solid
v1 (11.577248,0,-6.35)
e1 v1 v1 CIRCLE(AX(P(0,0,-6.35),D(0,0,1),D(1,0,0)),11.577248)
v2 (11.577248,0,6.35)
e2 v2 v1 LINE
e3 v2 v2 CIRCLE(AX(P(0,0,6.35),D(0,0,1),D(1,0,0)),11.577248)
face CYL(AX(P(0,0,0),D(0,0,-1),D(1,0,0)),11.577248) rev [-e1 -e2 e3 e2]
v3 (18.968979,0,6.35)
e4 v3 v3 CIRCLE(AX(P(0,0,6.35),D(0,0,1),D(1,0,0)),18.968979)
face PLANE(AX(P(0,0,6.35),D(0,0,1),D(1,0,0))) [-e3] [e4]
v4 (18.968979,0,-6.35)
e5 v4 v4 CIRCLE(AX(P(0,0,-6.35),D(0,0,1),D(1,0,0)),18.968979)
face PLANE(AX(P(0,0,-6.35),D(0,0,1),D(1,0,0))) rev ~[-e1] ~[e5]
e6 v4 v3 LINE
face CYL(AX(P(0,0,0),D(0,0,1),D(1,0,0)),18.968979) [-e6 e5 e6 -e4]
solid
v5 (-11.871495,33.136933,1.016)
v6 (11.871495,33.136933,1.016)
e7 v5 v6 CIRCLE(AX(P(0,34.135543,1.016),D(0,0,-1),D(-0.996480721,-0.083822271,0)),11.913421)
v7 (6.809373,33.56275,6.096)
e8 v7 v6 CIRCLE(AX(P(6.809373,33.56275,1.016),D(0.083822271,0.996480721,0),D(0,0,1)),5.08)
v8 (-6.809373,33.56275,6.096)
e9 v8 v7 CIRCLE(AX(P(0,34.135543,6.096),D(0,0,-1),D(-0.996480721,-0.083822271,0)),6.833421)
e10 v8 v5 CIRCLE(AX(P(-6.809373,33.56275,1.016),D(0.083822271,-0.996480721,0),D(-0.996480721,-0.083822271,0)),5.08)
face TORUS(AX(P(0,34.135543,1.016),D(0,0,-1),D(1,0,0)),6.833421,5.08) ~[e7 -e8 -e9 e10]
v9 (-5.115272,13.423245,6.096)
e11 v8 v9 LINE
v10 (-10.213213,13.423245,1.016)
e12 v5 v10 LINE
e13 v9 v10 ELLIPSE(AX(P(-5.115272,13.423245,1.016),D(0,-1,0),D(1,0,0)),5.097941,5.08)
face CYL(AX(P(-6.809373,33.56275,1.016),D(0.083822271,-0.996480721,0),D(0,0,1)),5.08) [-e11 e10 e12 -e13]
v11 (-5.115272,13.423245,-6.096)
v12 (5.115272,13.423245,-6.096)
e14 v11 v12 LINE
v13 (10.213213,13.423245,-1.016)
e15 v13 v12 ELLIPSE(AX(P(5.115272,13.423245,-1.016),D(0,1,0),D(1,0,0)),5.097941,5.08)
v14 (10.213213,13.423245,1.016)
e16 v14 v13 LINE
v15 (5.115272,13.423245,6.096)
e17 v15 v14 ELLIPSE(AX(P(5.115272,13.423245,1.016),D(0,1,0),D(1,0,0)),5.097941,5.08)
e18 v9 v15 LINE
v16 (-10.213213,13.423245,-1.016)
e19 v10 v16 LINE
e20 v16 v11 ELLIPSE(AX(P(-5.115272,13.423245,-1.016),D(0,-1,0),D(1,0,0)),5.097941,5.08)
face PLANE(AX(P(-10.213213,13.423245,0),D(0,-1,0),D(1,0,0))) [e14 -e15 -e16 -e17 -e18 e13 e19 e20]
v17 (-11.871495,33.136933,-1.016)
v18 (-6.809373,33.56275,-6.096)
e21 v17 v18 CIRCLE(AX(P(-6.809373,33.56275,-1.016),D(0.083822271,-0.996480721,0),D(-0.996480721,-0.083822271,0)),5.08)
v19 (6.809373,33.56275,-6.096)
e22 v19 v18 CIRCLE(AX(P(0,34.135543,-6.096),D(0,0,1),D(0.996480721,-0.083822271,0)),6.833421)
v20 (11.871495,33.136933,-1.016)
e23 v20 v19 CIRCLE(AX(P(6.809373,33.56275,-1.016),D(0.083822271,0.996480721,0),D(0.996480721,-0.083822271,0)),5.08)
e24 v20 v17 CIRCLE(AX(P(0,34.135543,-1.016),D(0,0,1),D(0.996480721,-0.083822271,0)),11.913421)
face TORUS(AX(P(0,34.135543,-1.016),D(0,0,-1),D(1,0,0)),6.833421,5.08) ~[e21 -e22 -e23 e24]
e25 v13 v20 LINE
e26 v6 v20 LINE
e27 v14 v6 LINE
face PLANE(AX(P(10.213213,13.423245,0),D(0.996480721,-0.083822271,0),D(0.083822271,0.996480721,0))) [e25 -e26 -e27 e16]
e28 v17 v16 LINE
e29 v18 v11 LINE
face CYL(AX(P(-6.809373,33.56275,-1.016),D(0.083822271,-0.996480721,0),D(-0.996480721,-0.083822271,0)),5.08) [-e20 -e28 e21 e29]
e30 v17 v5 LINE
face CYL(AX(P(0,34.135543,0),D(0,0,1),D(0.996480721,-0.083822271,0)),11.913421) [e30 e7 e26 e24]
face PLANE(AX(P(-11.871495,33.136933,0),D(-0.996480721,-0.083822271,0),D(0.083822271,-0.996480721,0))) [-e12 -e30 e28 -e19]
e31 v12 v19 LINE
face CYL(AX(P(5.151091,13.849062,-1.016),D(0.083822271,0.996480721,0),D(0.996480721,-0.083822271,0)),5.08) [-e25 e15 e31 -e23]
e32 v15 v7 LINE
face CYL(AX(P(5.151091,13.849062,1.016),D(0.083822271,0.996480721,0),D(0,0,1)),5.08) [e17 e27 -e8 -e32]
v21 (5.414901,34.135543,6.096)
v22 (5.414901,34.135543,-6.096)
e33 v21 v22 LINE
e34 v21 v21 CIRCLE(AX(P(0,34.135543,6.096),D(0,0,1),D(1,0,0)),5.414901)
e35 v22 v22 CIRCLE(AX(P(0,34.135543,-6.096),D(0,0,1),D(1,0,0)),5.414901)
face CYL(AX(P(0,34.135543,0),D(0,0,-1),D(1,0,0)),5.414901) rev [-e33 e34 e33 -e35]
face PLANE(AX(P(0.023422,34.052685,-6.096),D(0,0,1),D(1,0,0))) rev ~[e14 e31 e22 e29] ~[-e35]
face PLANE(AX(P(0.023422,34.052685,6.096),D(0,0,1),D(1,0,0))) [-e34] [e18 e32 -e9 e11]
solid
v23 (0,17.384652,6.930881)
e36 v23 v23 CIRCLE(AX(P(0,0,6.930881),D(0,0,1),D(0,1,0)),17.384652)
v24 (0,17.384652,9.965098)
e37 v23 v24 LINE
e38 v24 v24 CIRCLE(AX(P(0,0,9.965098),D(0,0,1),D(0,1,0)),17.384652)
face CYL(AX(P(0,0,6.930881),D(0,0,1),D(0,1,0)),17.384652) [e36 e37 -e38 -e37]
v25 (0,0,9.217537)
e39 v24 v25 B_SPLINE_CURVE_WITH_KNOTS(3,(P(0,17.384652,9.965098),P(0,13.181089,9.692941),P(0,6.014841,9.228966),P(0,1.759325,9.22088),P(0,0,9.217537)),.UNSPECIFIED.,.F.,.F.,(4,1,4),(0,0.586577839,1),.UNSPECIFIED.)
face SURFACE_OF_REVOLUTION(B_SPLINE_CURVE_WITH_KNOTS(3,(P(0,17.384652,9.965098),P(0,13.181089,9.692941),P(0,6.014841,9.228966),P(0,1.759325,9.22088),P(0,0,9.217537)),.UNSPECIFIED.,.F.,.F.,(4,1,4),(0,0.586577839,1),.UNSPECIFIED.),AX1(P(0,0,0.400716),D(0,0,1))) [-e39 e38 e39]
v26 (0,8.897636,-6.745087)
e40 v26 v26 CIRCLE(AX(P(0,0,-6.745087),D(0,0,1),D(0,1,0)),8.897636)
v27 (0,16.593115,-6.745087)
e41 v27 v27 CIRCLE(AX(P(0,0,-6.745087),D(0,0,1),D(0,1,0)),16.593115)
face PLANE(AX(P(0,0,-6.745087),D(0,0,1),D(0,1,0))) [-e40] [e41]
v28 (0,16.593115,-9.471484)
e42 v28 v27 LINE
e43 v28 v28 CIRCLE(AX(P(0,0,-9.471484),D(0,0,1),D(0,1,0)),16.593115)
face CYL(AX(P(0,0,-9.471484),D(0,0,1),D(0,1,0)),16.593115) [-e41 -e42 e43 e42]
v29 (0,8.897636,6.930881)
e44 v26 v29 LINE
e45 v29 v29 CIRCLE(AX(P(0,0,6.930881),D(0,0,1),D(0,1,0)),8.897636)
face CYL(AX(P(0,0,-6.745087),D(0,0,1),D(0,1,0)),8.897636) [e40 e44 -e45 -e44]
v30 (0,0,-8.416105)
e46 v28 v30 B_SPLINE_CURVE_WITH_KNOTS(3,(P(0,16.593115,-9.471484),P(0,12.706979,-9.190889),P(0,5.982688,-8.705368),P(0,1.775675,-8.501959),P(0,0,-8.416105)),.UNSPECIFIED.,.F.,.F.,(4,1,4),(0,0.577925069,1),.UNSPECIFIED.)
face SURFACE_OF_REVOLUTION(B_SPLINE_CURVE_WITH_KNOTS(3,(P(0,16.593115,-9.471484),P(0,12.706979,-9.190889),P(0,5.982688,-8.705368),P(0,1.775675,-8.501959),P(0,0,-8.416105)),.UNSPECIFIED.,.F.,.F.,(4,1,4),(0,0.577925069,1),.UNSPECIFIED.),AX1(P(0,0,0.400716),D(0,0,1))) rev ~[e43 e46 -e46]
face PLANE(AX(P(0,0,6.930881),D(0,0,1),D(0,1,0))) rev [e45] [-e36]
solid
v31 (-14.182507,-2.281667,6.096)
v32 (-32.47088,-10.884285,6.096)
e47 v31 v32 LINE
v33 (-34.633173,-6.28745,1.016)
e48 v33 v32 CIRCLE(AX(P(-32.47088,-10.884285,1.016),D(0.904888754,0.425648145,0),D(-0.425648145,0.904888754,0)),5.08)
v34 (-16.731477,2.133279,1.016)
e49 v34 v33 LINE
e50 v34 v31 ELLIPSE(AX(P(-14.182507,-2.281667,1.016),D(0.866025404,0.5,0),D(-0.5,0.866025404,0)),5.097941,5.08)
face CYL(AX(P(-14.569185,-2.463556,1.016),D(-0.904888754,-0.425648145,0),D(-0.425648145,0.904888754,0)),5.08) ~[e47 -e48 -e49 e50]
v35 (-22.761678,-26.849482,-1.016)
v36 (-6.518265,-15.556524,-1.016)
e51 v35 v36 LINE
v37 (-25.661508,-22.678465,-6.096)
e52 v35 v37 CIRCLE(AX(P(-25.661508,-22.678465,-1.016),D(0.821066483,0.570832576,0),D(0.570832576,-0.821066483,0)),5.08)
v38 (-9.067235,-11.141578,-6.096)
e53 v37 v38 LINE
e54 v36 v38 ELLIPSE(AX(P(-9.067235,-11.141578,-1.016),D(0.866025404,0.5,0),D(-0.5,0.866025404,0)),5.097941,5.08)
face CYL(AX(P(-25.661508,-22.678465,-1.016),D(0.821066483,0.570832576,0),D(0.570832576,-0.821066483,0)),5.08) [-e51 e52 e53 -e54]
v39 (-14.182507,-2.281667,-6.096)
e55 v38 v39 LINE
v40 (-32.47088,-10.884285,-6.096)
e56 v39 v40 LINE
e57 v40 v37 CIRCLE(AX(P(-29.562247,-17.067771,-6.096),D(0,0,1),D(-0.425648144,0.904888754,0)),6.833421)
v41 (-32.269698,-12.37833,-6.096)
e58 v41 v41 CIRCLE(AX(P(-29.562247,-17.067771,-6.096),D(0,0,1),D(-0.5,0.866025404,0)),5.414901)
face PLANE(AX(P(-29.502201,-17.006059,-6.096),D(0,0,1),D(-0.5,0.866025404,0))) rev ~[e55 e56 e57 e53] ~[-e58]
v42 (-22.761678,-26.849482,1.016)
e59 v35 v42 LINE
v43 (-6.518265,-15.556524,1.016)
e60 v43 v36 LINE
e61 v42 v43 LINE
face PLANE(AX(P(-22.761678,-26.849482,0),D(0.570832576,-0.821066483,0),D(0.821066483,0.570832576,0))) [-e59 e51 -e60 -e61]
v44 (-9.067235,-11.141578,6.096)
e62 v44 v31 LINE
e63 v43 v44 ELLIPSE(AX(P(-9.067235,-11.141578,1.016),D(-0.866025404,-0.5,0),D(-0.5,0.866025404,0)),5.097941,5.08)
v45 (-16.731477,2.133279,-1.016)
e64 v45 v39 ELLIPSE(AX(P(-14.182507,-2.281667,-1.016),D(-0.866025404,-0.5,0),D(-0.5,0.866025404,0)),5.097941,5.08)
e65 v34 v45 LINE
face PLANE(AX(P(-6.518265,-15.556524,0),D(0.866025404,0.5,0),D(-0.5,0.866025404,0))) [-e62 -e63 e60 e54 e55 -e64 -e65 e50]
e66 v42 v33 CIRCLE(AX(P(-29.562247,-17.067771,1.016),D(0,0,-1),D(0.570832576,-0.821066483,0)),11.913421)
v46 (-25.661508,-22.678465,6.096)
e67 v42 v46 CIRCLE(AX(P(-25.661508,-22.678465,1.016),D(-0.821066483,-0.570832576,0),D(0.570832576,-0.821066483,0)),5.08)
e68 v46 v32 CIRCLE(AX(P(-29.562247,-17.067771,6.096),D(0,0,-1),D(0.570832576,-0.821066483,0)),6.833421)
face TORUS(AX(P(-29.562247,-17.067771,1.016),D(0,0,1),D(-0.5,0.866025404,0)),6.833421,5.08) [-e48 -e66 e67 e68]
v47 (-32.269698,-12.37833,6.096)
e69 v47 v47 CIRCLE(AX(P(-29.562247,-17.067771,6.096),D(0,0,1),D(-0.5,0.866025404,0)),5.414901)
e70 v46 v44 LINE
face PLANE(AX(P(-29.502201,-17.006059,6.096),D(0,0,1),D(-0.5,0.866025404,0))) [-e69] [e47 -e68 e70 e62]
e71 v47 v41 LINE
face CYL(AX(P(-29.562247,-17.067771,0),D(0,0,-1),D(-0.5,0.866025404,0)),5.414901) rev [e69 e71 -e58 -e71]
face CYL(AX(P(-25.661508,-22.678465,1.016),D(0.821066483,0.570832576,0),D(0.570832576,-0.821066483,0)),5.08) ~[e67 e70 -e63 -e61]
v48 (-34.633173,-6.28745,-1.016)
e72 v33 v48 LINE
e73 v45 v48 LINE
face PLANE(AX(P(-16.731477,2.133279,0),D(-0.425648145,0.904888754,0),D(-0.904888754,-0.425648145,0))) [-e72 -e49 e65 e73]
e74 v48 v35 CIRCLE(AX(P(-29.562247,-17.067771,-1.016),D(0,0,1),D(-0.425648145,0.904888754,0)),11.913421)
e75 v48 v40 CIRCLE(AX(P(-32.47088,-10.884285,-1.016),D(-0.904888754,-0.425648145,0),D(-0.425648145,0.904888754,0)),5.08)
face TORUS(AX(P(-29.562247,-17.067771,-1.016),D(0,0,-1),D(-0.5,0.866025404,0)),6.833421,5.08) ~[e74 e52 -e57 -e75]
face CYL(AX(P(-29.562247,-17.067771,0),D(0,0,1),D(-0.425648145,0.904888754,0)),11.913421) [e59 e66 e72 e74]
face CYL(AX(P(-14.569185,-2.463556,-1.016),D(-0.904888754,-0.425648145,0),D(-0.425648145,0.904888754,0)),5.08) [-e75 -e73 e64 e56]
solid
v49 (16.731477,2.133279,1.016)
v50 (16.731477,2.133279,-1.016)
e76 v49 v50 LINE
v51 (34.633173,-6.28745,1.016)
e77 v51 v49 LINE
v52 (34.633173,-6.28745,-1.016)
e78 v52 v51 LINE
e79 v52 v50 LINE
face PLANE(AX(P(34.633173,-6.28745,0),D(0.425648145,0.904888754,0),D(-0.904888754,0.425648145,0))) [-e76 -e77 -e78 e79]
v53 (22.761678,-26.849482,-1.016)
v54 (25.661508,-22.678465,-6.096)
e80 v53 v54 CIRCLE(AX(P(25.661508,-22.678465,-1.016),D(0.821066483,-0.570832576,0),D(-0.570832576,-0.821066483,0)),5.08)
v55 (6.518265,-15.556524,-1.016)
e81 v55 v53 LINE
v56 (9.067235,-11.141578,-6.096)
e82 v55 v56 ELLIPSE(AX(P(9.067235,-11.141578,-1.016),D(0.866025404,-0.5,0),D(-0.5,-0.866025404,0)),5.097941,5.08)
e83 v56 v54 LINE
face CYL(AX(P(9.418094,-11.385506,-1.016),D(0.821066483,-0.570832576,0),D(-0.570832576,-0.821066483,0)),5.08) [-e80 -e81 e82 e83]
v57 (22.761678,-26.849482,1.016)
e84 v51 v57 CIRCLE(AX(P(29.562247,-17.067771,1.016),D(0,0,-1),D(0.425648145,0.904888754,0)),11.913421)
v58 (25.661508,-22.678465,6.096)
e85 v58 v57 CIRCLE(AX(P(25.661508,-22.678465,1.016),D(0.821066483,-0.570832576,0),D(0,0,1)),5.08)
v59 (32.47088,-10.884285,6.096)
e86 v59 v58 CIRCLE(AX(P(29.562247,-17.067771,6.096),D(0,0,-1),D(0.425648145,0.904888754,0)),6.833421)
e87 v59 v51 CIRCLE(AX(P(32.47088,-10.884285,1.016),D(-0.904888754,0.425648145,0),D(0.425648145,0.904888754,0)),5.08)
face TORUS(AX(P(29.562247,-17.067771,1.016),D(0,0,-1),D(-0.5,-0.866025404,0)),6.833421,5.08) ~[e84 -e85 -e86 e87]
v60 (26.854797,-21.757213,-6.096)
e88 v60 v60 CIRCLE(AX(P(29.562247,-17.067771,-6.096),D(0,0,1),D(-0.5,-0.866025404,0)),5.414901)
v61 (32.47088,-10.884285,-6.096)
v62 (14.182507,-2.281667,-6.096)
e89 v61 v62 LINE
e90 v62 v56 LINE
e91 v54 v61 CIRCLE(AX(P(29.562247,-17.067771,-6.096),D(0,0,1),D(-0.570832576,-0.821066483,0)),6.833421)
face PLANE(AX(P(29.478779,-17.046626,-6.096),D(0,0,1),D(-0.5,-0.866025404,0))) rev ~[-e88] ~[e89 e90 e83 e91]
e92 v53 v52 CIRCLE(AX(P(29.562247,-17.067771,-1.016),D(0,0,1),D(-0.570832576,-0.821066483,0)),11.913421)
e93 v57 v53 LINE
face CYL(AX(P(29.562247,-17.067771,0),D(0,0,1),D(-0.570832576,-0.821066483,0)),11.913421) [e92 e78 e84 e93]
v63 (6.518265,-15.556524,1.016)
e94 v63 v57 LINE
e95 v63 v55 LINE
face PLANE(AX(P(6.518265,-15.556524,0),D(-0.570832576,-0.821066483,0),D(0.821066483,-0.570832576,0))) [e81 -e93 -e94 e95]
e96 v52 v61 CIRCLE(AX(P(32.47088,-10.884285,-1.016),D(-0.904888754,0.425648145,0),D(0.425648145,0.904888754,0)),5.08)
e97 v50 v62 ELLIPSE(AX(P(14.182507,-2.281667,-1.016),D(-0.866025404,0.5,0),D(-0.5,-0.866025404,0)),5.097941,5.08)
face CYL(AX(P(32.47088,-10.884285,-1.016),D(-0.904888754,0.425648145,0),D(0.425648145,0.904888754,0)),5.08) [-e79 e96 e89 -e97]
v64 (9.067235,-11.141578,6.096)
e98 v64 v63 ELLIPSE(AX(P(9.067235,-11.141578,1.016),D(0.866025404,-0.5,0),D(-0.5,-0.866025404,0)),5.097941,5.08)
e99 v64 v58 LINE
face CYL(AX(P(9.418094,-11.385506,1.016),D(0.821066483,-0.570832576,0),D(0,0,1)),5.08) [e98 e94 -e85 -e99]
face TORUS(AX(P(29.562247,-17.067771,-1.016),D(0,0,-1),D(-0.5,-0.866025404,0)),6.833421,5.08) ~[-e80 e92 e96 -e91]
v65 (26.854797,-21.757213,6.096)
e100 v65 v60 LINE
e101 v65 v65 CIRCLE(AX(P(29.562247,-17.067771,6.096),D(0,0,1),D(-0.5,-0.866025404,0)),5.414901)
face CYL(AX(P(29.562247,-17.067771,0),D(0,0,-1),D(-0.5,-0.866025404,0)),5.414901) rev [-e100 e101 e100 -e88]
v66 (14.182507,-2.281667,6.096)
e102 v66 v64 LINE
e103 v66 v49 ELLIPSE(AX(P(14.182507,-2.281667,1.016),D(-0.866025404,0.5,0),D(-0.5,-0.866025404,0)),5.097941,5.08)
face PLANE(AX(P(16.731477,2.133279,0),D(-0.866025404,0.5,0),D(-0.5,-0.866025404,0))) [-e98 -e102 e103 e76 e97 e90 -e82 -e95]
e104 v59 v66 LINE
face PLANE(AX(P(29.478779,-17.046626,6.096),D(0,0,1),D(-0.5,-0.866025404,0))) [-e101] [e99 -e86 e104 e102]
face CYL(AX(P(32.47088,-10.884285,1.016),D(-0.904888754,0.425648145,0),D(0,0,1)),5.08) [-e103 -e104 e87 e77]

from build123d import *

# Parameters (mm, degrees)
F0_R     = 5.4149007814
F1_DEPTH = 6.096
F3_COUNT = 3
F4_R     = 18.9689787015
F4_R_2   = 11.5772478005
F5_DEPTH = 6.35
F8_R     = 5.08
F8_2_R   = 5.08
F8_3_R   = 5.08


with BuildPart() as f1:
    # F0 (on Top) → F1 (new body, symmetric)
    with BuildSketch(Plane.XY):
        with BuildLine():
            ThreePointArc((11.8714947369, 33.1369327768), (11.9029351139, 33.6357979143), (11.9134213929, 34.13554281))
            ThreePointArc((11.9134213929, 34.13554281), (-0.4997448956, 46.0384779238), (-11.8714947369, 33.1369327768))
            ThreePointArc((-11.8714947369, 33.1369327768), (0, 22.222121417), (11.8714947369, 33.1369327768))
        make_face()
        with Locations((0, 34.13554281)):
            Circle(F0_R, mode=Mode.SUBTRACT)
        with BuildLine():
            ThreePointArc((11.8714947369, 33.1369327768), (0, 22.222121417), (-11.8714947369, 33.1369327768))
            Line((-11.8714947369, 33.1369327768), (-10.2132127013, 13.4232449473))
            Line((-10.2132127013, 13.4232449473), (10.2132127013, 13.4232449473))
            Line((10.2132127013, 13.4232449473), (11.8714947369, 33.1369327768))
        make_face()
    extrude(amount=F1_DEPTH, both=True)


with BuildPart() as f3_1:
    # F3: instance of F1
    add(f1.part.rotate(Axis((0, 0, 0), (0, 0, 1)), 1 * 360 / F3_COUNT))

    # F8
    f8_edges = [f3_1.edges().sort_by_distance(p)[0] for p in [
        (-25.682325, -2.077086, -6.096),
        (-25.682325, -2.077086, 6.096),
    ]]
    fillet(f8_edges, radius=F8_R)


with BuildPart() as f3_2:
    # F3: instance of F1
    add(f1.part.rotate(Axis((0, 0, 0), (0, 0, 1)), 2 * 360 / F3_COUNT))

    # F8#3
    f8_3_edges = [f3_2.edges().sort_by_distance(p)[0] for p in [
        (25.682325, -2.077086, -6.096),
        (25.682325, -2.077086, 6.096),
    ]]
    fillet(f8_3_edges, radius=F8_3_R)


with BuildPart() as f5:
    # F4 (on Top) → F5 (new body, symmetric)
    with BuildSketch(Plane.XY):
        Circle(F4_R)
        Circle(F4_R_2, mode=Mode.SUBTRACT)
    extrude(amount=F5_DEPTH, both=True)


with BuildPart() as f7:
    # F6 (on Right) → F7 (revolve)
    with BuildSketch(Plane.YZ):
        with BuildLine():
            Line((17.3846520483, 6.9308807142), (17.3846520483, 9.965098463))
            add(Edge.make_bspline(
                [(17.3846520483, 9.965098463), (13.1810894375, 9.6929410587), (6.0148408518, 9.2289661416), (1.7593246877, 9.2208799988), (0, 9.2175370082)],
                knots=[0, 0, 0, 0, 0.5865778392, 1, 1, 1, 1], degree=3))
            Line((0, 9.2175370082), (0, -8.4161050618))
            add(Edge.make_bspline(
                [(16.5931154042, -9.4714844599), (12.7069789041, -9.1908892907), (5.9826876326, -8.7053675786), (1.7756746939, -8.5019588055), (0, -8.4161050618)],
                knots=[0, 0, 0, 0, 0.5779250695, 1, 1, 1, 1], degree=3))
            Line((16.5931154042, -9.4714844599), (16.5931154042, -6.7450865172))
            Line((16.5931154042, -6.7450865172), (8.8976360857, -6.7450865172))
            Line((8.8976360857, -6.7450865172), (8.8976360857, 6.9308807142))
            Line((8.8976360857, 6.9308807142), (17.3846520483, 6.9308807142))
        make_face()
    revolve(axis=Axis((0, 0, 0.4007159732), (0, 0, 1)))


with BuildPart() as f1_1:
    add(f1.part)

    # F8#2
    f8_2_edges = [f1_1.edges().sort_by_distance(p)[0] for p in [
        (-11.042354, 23.280089, -6.096),
        (-11.042354, 23.280089, 6.096),
    ]]
    fillet(f8_2_edges, radius=F8_2_R)


solid = Compound([f3_1.part, f3_2.part, f5.part, f7.part, f1_1.part])
